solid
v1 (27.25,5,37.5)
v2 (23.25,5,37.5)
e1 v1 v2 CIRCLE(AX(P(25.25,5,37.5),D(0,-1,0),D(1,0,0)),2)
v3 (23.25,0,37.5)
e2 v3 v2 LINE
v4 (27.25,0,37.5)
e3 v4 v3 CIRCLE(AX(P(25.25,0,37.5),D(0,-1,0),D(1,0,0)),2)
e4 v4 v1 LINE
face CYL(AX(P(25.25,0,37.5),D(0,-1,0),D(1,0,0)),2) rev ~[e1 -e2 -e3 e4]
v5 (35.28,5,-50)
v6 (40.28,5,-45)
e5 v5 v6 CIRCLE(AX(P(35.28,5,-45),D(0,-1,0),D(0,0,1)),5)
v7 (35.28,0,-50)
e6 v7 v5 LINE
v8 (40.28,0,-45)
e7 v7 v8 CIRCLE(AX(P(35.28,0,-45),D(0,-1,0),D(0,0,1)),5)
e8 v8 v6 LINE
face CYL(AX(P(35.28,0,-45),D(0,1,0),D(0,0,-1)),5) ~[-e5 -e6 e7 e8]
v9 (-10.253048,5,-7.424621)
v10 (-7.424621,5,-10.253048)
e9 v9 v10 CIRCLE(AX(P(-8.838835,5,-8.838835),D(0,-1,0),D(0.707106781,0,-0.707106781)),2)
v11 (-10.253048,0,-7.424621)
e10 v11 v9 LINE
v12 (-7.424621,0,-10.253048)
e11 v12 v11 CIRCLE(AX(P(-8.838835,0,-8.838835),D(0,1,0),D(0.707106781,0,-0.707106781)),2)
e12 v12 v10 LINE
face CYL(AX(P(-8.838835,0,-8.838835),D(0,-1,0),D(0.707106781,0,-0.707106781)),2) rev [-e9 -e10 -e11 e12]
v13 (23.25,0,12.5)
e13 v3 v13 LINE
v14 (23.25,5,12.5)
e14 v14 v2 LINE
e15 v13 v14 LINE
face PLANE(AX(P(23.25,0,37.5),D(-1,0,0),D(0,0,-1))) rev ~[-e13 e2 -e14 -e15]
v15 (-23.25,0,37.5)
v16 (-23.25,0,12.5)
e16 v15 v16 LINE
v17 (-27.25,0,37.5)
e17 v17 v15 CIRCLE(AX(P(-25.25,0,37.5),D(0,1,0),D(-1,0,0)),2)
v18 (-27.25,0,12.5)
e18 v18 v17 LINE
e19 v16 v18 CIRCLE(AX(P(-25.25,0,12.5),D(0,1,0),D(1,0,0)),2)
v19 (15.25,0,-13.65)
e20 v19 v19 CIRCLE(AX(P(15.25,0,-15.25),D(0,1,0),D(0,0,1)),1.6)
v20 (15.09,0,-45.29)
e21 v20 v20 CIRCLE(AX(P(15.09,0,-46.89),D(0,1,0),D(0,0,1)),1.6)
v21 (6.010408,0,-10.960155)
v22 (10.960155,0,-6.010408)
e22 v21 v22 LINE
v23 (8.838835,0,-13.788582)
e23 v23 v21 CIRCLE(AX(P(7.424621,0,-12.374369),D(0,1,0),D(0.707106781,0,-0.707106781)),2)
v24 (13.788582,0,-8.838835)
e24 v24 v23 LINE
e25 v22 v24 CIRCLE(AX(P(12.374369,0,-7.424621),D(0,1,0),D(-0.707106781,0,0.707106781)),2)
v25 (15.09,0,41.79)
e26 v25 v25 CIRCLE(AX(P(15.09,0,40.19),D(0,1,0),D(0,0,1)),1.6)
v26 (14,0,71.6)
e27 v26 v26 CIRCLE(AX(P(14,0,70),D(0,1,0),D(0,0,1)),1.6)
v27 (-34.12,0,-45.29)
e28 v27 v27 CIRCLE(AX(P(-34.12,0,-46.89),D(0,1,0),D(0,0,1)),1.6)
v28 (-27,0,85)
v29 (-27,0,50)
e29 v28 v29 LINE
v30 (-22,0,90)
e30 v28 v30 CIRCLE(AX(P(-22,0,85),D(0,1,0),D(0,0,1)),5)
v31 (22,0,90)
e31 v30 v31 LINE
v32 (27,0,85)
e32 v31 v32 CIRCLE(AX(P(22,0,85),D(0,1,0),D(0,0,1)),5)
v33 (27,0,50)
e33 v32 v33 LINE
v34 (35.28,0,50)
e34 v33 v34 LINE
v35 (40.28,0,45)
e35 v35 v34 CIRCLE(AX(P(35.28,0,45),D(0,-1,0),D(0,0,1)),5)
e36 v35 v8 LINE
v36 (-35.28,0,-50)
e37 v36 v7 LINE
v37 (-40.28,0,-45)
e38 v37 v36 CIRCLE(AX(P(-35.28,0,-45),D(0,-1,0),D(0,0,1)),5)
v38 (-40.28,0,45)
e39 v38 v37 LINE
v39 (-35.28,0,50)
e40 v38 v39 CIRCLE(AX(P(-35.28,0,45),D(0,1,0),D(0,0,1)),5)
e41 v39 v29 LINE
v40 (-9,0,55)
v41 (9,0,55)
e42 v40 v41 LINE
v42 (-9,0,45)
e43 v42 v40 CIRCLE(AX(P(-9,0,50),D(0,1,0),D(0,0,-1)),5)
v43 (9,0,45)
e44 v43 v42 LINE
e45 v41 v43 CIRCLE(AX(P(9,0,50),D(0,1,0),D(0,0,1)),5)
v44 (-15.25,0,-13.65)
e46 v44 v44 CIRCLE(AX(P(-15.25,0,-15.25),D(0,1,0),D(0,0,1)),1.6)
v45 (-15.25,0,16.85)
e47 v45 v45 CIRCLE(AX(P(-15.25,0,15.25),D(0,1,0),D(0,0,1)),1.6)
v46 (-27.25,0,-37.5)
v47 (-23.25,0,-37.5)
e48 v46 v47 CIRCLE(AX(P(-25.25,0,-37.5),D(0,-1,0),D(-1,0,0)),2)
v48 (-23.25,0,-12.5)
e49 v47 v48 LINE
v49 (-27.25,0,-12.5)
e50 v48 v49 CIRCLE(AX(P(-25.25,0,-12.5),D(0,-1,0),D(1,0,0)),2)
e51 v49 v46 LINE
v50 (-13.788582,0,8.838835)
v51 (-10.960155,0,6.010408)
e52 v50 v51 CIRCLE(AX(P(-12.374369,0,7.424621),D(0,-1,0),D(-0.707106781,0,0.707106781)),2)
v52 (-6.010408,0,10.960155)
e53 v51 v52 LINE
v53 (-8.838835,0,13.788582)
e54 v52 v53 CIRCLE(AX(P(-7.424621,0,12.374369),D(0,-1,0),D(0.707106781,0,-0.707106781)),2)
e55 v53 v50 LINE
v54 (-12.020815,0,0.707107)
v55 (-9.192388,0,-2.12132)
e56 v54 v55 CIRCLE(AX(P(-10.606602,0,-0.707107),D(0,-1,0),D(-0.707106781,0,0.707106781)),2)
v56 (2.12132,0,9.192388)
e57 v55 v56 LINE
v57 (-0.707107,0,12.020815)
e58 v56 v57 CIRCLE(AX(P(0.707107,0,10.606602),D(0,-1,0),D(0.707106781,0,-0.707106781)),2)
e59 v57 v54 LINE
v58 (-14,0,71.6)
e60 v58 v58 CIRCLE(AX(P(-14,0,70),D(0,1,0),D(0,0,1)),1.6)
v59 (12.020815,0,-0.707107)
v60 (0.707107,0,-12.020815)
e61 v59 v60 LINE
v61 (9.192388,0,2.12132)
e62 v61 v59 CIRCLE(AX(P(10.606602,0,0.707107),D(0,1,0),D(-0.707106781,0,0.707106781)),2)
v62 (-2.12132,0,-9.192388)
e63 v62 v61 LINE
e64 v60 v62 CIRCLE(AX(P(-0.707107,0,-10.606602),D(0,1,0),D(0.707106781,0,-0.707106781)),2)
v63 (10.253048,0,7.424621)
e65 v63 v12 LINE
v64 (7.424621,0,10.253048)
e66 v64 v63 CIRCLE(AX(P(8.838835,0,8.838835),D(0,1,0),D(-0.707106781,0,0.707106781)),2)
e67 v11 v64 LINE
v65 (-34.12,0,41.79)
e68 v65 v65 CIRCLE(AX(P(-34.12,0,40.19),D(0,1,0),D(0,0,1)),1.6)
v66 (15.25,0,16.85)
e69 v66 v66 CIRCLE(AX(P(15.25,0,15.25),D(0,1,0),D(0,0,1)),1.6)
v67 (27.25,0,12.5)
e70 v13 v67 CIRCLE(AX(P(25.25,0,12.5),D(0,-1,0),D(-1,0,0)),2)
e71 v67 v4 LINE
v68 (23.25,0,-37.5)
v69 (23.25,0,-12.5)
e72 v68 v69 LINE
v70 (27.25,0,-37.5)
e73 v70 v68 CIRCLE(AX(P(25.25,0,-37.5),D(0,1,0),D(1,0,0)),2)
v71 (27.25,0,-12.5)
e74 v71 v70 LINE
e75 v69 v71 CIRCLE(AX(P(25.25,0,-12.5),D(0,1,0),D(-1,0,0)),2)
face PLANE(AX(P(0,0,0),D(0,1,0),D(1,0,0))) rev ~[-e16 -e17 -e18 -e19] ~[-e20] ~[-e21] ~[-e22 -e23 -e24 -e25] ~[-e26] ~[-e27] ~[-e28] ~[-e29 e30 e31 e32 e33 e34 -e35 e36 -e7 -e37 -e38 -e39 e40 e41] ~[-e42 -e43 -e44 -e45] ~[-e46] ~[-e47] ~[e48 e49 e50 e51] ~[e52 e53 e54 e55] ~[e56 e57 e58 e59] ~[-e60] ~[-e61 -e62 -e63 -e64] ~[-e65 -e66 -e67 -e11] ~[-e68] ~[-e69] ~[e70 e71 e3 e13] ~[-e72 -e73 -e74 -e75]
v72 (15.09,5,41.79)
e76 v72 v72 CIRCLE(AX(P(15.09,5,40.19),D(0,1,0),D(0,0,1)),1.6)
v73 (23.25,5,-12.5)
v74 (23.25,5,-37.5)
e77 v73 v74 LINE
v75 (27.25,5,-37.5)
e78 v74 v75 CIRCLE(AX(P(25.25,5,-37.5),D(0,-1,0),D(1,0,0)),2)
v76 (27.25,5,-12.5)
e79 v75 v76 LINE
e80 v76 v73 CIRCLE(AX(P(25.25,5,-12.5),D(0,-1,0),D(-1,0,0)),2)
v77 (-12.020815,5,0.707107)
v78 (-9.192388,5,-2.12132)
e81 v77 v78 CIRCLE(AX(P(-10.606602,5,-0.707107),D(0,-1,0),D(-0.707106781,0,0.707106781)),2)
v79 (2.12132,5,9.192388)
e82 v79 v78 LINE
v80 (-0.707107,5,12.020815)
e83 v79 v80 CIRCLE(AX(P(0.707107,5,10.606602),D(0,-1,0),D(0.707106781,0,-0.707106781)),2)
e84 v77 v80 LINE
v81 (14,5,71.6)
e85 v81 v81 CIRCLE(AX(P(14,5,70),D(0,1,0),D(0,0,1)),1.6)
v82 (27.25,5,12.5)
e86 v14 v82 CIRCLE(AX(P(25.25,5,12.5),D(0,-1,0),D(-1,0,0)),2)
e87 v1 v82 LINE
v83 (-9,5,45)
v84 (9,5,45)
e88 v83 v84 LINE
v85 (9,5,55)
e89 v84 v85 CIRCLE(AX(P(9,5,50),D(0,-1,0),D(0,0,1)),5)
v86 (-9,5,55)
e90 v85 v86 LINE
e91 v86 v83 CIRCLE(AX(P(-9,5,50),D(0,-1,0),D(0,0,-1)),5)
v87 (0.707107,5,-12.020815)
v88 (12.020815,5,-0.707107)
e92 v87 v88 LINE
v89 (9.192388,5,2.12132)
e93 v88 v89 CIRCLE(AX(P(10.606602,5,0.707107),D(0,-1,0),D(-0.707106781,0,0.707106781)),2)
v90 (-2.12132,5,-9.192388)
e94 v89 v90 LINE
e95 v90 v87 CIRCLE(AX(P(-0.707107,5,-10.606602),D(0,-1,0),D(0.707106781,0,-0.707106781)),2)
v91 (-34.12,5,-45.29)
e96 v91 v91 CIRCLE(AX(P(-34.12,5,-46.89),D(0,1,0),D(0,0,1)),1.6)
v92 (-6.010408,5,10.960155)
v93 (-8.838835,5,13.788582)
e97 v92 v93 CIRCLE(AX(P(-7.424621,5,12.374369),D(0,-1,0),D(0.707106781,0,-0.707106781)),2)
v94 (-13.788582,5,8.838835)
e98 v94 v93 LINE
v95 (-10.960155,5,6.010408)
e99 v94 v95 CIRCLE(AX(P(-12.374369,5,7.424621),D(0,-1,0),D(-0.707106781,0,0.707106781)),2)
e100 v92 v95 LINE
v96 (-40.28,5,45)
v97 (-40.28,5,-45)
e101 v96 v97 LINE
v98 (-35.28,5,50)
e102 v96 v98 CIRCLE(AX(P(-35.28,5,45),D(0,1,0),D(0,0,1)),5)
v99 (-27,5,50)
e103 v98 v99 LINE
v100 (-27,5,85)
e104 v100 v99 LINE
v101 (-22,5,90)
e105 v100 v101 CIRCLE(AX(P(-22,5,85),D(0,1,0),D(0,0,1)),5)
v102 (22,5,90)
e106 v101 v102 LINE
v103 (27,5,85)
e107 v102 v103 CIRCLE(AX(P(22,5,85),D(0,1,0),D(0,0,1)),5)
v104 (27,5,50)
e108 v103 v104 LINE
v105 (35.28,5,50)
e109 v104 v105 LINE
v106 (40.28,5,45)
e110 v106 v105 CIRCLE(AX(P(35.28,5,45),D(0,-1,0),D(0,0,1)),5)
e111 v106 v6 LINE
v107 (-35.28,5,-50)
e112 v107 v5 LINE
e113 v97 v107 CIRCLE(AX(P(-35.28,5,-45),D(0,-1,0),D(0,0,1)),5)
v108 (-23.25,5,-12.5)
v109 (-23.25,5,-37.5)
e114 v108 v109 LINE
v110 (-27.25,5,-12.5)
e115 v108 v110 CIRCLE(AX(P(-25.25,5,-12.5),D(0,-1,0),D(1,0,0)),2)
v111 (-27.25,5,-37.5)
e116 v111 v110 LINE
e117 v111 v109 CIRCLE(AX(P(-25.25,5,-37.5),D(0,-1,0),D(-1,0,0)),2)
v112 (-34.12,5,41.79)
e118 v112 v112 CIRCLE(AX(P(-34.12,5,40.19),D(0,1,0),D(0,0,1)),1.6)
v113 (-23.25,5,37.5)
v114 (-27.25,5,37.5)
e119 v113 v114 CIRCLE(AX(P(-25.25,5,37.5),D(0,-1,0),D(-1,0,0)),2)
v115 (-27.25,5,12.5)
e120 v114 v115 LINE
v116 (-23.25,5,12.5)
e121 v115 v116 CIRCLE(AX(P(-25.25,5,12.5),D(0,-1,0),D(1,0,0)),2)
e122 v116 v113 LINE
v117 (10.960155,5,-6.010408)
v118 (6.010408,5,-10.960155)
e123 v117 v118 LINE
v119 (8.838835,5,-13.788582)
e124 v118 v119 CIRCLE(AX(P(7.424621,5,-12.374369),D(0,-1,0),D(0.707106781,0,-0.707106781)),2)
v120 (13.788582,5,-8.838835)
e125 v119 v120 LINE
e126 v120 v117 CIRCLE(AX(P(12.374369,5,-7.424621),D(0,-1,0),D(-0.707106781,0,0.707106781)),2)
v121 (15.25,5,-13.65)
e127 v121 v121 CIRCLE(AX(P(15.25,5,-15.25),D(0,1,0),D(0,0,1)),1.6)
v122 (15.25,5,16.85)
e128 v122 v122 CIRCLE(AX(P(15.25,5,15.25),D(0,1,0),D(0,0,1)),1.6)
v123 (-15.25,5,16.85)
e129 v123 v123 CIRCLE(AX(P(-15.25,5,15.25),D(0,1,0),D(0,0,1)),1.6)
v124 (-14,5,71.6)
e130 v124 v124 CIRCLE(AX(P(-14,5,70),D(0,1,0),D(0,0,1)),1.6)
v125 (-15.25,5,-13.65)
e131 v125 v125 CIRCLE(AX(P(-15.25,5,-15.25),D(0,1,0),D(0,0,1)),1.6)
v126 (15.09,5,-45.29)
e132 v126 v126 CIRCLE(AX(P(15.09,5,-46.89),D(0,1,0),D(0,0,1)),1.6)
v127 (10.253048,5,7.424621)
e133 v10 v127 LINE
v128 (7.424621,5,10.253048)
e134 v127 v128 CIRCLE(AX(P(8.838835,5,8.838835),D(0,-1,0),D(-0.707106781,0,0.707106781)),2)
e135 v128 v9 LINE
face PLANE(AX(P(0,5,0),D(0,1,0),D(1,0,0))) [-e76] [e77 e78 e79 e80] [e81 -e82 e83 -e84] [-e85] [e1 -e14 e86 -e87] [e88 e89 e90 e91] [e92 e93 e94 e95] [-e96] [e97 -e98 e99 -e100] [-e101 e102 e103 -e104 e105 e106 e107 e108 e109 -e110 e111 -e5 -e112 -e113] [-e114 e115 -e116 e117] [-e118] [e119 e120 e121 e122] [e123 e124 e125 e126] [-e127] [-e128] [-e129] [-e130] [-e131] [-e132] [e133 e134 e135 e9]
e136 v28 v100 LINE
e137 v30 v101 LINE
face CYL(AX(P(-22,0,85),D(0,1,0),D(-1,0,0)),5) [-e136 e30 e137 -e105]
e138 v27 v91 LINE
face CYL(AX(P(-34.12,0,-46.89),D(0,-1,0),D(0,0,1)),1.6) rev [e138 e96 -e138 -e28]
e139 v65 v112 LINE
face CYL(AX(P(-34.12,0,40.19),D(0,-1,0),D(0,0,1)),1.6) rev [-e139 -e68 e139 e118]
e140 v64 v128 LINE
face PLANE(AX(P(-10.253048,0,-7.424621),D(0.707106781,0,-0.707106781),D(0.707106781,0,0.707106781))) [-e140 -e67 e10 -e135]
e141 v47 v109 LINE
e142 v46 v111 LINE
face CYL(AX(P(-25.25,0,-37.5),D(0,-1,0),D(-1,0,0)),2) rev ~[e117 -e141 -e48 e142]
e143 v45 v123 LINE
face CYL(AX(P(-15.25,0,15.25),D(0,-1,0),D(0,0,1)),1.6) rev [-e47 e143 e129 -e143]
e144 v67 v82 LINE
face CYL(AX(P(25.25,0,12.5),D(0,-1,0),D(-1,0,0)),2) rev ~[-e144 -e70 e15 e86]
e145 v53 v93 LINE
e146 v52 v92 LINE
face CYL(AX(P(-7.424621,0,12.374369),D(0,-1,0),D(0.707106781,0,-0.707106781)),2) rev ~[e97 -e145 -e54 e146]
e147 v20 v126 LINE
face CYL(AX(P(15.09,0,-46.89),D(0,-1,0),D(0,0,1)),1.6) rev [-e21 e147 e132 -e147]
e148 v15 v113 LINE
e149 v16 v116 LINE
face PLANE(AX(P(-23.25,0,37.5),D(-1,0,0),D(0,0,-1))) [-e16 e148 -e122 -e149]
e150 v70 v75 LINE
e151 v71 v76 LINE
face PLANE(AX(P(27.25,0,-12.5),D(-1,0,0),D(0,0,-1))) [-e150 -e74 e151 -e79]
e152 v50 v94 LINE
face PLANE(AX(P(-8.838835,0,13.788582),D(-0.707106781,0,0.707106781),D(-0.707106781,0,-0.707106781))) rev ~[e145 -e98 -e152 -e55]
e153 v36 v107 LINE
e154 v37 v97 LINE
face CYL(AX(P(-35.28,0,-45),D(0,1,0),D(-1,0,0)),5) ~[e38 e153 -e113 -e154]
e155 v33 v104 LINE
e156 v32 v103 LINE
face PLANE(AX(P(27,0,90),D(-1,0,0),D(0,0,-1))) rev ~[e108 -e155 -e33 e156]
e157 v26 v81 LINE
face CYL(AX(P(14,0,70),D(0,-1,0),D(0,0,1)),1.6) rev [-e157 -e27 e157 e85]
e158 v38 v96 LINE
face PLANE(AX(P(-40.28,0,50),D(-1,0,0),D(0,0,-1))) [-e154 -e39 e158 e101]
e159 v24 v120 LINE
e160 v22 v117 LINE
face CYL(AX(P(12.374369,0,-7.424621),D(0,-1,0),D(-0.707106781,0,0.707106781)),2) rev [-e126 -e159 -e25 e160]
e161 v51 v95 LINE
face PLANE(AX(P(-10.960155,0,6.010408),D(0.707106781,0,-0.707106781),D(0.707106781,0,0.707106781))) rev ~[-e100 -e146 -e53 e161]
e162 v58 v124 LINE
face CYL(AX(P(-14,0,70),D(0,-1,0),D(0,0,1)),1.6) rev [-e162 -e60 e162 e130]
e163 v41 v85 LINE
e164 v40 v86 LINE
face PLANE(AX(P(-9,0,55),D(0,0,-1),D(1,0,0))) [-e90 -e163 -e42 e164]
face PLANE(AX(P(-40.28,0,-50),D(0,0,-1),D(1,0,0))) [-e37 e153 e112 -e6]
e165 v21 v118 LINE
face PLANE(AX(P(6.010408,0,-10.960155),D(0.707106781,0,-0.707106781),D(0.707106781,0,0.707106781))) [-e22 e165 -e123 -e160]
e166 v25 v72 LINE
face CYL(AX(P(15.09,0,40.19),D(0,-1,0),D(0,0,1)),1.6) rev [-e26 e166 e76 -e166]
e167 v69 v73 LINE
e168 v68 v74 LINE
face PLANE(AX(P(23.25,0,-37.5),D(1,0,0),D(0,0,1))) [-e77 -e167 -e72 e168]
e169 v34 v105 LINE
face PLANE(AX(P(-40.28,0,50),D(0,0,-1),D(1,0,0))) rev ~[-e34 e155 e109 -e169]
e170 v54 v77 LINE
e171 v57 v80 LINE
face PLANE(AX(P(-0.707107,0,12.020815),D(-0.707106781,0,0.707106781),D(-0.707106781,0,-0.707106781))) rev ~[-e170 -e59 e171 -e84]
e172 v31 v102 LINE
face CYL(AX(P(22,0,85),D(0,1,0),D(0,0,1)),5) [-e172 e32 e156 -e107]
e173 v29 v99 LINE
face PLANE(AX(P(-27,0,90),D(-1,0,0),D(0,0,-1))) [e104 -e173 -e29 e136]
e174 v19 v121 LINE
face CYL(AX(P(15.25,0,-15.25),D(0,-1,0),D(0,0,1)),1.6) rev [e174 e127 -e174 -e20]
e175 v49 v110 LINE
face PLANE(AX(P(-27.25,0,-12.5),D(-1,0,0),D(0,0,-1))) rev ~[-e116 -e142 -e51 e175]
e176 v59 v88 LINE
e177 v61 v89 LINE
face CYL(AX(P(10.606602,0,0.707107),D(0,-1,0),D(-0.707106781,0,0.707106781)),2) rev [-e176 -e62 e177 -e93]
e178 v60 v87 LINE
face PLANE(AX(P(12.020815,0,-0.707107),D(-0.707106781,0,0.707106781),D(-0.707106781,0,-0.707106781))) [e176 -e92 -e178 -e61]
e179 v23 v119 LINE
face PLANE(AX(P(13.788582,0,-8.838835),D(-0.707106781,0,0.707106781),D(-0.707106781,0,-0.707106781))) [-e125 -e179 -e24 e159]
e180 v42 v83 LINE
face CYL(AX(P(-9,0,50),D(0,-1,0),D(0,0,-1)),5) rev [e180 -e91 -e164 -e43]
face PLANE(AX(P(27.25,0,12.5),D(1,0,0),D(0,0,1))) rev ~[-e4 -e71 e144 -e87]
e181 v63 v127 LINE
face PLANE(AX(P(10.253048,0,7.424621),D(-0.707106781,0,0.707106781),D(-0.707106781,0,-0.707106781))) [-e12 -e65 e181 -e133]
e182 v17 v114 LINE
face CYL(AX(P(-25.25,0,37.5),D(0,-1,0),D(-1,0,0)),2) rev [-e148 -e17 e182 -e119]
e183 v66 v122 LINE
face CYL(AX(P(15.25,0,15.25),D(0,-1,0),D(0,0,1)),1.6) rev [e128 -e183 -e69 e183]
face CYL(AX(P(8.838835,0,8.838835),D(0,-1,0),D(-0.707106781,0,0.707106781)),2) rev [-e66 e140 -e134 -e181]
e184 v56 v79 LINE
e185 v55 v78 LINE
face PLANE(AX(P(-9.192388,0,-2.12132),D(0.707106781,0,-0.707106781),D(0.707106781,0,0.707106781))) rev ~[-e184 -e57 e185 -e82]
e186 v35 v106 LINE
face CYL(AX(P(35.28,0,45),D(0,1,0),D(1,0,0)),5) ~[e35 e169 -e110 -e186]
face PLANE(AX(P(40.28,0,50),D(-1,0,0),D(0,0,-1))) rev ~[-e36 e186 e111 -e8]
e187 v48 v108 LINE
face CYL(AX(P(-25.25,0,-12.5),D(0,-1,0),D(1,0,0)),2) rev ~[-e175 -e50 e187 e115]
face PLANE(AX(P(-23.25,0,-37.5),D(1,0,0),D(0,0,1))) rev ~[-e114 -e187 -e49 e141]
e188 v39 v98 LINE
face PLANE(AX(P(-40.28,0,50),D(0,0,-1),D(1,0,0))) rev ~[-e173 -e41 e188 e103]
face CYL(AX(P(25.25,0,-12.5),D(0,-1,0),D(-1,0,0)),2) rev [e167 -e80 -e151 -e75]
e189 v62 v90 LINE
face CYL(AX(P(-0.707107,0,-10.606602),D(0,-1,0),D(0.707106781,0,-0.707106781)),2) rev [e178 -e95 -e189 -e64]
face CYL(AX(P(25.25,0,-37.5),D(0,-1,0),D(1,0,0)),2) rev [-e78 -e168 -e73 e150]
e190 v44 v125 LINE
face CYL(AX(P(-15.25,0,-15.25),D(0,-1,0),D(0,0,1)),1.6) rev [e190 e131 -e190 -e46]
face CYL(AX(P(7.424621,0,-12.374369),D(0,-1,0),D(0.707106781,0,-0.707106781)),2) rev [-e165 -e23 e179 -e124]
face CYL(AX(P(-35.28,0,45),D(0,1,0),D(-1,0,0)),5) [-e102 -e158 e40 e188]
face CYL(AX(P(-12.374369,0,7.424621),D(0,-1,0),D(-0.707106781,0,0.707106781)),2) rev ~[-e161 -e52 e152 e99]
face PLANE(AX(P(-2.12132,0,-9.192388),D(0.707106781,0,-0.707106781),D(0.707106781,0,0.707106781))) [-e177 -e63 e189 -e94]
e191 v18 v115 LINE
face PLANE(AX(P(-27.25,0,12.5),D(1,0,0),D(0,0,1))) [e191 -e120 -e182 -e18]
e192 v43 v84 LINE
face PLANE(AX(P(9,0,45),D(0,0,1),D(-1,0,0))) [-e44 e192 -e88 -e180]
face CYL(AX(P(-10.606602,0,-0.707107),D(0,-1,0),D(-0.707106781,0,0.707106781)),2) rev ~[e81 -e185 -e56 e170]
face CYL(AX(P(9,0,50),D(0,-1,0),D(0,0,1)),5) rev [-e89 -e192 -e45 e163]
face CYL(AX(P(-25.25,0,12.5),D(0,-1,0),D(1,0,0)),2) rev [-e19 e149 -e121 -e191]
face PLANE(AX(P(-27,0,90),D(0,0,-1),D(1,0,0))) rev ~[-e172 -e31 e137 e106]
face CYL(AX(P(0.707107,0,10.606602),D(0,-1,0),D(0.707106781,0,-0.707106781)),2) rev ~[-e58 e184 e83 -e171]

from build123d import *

# Parameters (mm, degrees)
SKETCH_1_W          = 54
SKETCH_1_H          = 40
SKETCH_1_R          = 1.6
SKETCH_1_W_2        = 80.56
SKETCH_1_H_2        = 100
EXTRUDE_1_DEPTH     = 5
CUT_EXTRUDE_5_DEPTH = 99.729318847
FILLET_1_R          = 5


with BuildPart() as part:
    # 草图1 → 凸台-拉伸1 (new body)
    # profile 1 of 2: a face of its own
    with BuildSketch(Plane(origin=(0, 0, 0), x_dir=(1, 0, 0), z_dir=(0, 1, 0))):
        with Locations((0, -70)):
            Rectangle(SKETCH_1_W, SKETCH_1_H)
        with Locations(Location((-14, -70, 0), (0, 0, 270))):
            Circle(SKETCH_1_R, mode=Mode.SUBTRACT)
        with Locations(Location((14, -70, 0), (0, 0, 270))):
            Circle(SKETCH_1_R, mode=Mode.SUBTRACT)
    # profile 2 of 2: a face of its own
    with BuildSketch(Plane(origin=(0, 0, 0), x_dir=(1, 0, 0), z_dir=(0, 1, 0))):
        Rectangle(SKETCH_1_W_2, SKETCH_1_H_2)
        with Locations(Location((15.25, 15.25, 0), (0, 0, 270))):
            Circle(SKETCH_1_R, mode=Mode.SUBTRACT)
        with Locations(Location((-15.25, 15.25, 0), (0, 0, 270))):
            Circle(SKETCH_1_R, mode=Mode.SUBTRACT)
        with Locations(Location((-34.12, -40.19, 0), (0, 0, 270))):
            Circle(SKETCH_1_R, mode=Mode.SUBTRACT)
        with Locations(Location((15.09, -40.19, 0), (0, 0, 270))):
            Circle(SKETCH_1_R, mode=Mode.SUBTRACT)
        with Locations(Location((15.09, 46.89, 0), (0, 0, 270))):
            Circle(SKETCH_1_R, mode=Mode.SUBTRACT)
        with Locations(Location((-34.12, 46.89, 0), (0, 0, 270))):
            Circle(SKETCH_1_R, mode=Mode.SUBTRACT)
        with Locations(Location((15.25, -15.25, 0), (0, 0, 270))):
            Circle(SKETCH_1_R, mode=Mode.SUBTRACT)
        with Locations(Location((-15.25, -15.25, 0), (0, 0, 270))):
            Circle(SKETCH_1_R, mode=Mode.SUBTRACT)
    extrude(amount=EXTRUDE_1_DEPTH)

    # 草图7 → 切除-拉伸5 (cut, through all)
    with BuildSketch(Plane(origin=(0, 0, 0), x_dir=(1, 0, 0), z_dir=(0, 1, 0))):
        with BuildLine():
            ThreePointArc((-6.01040764, -10.960155108), (-6.01040764, -13.788582233), (-8.838834765, -13.788582233))
            Line((-8.838834765, -13.788582233), (-13.788582233, -8.838834765))
            ThreePointArc((-13.788582233, -8.838834765), (-13.788582233, -6.01040764), (-10.960155108, -6.01040764))
            Line((-10.960155108, -6.01040764), (-6.01040764, -10.960155108))
        make_face()
        with BuildLine():
            ThreePointArc((2.121320344, -9.192388155), (2.121320344, -12.02081528), (-0.707106781, -12.02081528))
            Line((-0.707106781, -12.02081528), (-12.02081528, -0.707106781))
            ThreePointArc((-12.02081528, -0.707106781), (-12.02081528, 2.121320344), (-9.192388155, 2.121320344))
            Line((-9.192388155, 2.121320344), (2.121320344, -9.192388155))
        make_face()
        with BuildLine():
            Line((-10.253048327, 7.424621202), (7.424621202, -10.253048327))
            ThreePointArc((7.424621202, -10.253048327), (10.253048327, -10.253048327), (10.253048327, -7.424621202))
            Line((10.253048327, -7.424621202), (-7.424621202, 10.253048327))
            ThreePointArc((-7.424621202, 10.253048327), (-10.253048327, 10.253048327), (-10.253048327, 7.424621202))
        make_face()
        with BuildLine():
            Line((-2.121320344, 9.192388155), (9.192388155, -2.121320344))
            ThreePointArc((9.192388155, -2.121320344), (12.02081528, -2.121320344), (12.02081528, 0.707106781))
            Line((12.02081528, 0.707106781), (0.707106781, 12.02081528))
            ThreePointArc((0.707106781, 12.02081528), (-2.121320344, 12.02081528), (-2.121320344, 9.192388155))
        make_face()
        with BuildLine():
            Line((6.01040764, 10.960155108), (10.960155108, 6.01040764))
            ThreePointArc((10.960155108, 6.01040764), (13.788582233, 6.01040764), (13.788582233, 8.838834765))
            Line((13.788582233, 8.838834765), (8.838834765, 13.788582233))
            ThreePointArc((8.838834765, 13.788582233), (6.01040764, 13.788582233), (6.01040764, 10.960155108))
        make_face()
        with BuildLine():
            ThreePointArc((-23.25, 12.5), (-25.25, 10.5), (-27.25, 12.5))
            Line((-27.25, 12.5), (-27.25, 37.5))
            ThreePointArc((-27.25, 37.5), (-25.25, 39.5), (-23.25, 37.5))
            Line((-23.25, 37.5), (-23.25, 12.5))
        make_face()
        with BuildLine():
            Line((23.25, 37.5), (23.25, 12.5))
            ThreePointArc((23.25, 12.5), (25.25, 10.5), (27.25, 12.5))
            Line((27.25, 12.5), (27.25, 37.5))
            ThreePointArc((27.25, 37.5), (25.25, 39.5), (23.25, 37.5))
        make_face()
        with BuildLine():
            Line((-23.25, -37.5), (-23.25, -12.5))
            ThreePointArc((-23.25, -12.5), (-25.25, -10.5), (-27.25, -12.5))
            Line((-27.25, -12.5), (-27.25, -37.5))
            ThreePointArc((-27.25, -37.5), (-25.25, -39.5), (-23.25, -37.5))
        make_face()
        with BuildLine():
            ThreePointArc((23.25, -12.5), (25.25, -10.5), (27.25, -12.5))
            Line((27.25, -12.5), (27.25, -37.5))
            ThreePointArc((27.25, -37.5), (25.25, -39.5), (23.25, -37.5))
            Line((23.25, -37.5), (23.25, -12.5))
        make_face()
        with BuildLine():
            Line((-9, -55), (9, -55))
            ThreePointArc((9, -55), (14, -50), (9, -45))
            Line((9, -45), (-9, -45))
            ThreePointArc((-9, -45), (-14, -50), (-9, -55))
        make_face()
    extrude(amount=CUT_EXTRUDE_5_DEPTH, mode=Mode.SUBTRACT)

    # 圆角1
    fillet_1_edges = [part.edges().sort_by_distance(p)[0] for p in [
        (-40.28, 2.5, 50),
        (-40.28, 2.5, -50),
        (40.28, 2.5, -50),
        (40.28, 2.5, 50),
        (27, 2.5, 90),
        (-27, 2.5, 90),
    ]]
    fillet(fillet_1_edges, radius=FILLET_1_R)


solid = part.part
